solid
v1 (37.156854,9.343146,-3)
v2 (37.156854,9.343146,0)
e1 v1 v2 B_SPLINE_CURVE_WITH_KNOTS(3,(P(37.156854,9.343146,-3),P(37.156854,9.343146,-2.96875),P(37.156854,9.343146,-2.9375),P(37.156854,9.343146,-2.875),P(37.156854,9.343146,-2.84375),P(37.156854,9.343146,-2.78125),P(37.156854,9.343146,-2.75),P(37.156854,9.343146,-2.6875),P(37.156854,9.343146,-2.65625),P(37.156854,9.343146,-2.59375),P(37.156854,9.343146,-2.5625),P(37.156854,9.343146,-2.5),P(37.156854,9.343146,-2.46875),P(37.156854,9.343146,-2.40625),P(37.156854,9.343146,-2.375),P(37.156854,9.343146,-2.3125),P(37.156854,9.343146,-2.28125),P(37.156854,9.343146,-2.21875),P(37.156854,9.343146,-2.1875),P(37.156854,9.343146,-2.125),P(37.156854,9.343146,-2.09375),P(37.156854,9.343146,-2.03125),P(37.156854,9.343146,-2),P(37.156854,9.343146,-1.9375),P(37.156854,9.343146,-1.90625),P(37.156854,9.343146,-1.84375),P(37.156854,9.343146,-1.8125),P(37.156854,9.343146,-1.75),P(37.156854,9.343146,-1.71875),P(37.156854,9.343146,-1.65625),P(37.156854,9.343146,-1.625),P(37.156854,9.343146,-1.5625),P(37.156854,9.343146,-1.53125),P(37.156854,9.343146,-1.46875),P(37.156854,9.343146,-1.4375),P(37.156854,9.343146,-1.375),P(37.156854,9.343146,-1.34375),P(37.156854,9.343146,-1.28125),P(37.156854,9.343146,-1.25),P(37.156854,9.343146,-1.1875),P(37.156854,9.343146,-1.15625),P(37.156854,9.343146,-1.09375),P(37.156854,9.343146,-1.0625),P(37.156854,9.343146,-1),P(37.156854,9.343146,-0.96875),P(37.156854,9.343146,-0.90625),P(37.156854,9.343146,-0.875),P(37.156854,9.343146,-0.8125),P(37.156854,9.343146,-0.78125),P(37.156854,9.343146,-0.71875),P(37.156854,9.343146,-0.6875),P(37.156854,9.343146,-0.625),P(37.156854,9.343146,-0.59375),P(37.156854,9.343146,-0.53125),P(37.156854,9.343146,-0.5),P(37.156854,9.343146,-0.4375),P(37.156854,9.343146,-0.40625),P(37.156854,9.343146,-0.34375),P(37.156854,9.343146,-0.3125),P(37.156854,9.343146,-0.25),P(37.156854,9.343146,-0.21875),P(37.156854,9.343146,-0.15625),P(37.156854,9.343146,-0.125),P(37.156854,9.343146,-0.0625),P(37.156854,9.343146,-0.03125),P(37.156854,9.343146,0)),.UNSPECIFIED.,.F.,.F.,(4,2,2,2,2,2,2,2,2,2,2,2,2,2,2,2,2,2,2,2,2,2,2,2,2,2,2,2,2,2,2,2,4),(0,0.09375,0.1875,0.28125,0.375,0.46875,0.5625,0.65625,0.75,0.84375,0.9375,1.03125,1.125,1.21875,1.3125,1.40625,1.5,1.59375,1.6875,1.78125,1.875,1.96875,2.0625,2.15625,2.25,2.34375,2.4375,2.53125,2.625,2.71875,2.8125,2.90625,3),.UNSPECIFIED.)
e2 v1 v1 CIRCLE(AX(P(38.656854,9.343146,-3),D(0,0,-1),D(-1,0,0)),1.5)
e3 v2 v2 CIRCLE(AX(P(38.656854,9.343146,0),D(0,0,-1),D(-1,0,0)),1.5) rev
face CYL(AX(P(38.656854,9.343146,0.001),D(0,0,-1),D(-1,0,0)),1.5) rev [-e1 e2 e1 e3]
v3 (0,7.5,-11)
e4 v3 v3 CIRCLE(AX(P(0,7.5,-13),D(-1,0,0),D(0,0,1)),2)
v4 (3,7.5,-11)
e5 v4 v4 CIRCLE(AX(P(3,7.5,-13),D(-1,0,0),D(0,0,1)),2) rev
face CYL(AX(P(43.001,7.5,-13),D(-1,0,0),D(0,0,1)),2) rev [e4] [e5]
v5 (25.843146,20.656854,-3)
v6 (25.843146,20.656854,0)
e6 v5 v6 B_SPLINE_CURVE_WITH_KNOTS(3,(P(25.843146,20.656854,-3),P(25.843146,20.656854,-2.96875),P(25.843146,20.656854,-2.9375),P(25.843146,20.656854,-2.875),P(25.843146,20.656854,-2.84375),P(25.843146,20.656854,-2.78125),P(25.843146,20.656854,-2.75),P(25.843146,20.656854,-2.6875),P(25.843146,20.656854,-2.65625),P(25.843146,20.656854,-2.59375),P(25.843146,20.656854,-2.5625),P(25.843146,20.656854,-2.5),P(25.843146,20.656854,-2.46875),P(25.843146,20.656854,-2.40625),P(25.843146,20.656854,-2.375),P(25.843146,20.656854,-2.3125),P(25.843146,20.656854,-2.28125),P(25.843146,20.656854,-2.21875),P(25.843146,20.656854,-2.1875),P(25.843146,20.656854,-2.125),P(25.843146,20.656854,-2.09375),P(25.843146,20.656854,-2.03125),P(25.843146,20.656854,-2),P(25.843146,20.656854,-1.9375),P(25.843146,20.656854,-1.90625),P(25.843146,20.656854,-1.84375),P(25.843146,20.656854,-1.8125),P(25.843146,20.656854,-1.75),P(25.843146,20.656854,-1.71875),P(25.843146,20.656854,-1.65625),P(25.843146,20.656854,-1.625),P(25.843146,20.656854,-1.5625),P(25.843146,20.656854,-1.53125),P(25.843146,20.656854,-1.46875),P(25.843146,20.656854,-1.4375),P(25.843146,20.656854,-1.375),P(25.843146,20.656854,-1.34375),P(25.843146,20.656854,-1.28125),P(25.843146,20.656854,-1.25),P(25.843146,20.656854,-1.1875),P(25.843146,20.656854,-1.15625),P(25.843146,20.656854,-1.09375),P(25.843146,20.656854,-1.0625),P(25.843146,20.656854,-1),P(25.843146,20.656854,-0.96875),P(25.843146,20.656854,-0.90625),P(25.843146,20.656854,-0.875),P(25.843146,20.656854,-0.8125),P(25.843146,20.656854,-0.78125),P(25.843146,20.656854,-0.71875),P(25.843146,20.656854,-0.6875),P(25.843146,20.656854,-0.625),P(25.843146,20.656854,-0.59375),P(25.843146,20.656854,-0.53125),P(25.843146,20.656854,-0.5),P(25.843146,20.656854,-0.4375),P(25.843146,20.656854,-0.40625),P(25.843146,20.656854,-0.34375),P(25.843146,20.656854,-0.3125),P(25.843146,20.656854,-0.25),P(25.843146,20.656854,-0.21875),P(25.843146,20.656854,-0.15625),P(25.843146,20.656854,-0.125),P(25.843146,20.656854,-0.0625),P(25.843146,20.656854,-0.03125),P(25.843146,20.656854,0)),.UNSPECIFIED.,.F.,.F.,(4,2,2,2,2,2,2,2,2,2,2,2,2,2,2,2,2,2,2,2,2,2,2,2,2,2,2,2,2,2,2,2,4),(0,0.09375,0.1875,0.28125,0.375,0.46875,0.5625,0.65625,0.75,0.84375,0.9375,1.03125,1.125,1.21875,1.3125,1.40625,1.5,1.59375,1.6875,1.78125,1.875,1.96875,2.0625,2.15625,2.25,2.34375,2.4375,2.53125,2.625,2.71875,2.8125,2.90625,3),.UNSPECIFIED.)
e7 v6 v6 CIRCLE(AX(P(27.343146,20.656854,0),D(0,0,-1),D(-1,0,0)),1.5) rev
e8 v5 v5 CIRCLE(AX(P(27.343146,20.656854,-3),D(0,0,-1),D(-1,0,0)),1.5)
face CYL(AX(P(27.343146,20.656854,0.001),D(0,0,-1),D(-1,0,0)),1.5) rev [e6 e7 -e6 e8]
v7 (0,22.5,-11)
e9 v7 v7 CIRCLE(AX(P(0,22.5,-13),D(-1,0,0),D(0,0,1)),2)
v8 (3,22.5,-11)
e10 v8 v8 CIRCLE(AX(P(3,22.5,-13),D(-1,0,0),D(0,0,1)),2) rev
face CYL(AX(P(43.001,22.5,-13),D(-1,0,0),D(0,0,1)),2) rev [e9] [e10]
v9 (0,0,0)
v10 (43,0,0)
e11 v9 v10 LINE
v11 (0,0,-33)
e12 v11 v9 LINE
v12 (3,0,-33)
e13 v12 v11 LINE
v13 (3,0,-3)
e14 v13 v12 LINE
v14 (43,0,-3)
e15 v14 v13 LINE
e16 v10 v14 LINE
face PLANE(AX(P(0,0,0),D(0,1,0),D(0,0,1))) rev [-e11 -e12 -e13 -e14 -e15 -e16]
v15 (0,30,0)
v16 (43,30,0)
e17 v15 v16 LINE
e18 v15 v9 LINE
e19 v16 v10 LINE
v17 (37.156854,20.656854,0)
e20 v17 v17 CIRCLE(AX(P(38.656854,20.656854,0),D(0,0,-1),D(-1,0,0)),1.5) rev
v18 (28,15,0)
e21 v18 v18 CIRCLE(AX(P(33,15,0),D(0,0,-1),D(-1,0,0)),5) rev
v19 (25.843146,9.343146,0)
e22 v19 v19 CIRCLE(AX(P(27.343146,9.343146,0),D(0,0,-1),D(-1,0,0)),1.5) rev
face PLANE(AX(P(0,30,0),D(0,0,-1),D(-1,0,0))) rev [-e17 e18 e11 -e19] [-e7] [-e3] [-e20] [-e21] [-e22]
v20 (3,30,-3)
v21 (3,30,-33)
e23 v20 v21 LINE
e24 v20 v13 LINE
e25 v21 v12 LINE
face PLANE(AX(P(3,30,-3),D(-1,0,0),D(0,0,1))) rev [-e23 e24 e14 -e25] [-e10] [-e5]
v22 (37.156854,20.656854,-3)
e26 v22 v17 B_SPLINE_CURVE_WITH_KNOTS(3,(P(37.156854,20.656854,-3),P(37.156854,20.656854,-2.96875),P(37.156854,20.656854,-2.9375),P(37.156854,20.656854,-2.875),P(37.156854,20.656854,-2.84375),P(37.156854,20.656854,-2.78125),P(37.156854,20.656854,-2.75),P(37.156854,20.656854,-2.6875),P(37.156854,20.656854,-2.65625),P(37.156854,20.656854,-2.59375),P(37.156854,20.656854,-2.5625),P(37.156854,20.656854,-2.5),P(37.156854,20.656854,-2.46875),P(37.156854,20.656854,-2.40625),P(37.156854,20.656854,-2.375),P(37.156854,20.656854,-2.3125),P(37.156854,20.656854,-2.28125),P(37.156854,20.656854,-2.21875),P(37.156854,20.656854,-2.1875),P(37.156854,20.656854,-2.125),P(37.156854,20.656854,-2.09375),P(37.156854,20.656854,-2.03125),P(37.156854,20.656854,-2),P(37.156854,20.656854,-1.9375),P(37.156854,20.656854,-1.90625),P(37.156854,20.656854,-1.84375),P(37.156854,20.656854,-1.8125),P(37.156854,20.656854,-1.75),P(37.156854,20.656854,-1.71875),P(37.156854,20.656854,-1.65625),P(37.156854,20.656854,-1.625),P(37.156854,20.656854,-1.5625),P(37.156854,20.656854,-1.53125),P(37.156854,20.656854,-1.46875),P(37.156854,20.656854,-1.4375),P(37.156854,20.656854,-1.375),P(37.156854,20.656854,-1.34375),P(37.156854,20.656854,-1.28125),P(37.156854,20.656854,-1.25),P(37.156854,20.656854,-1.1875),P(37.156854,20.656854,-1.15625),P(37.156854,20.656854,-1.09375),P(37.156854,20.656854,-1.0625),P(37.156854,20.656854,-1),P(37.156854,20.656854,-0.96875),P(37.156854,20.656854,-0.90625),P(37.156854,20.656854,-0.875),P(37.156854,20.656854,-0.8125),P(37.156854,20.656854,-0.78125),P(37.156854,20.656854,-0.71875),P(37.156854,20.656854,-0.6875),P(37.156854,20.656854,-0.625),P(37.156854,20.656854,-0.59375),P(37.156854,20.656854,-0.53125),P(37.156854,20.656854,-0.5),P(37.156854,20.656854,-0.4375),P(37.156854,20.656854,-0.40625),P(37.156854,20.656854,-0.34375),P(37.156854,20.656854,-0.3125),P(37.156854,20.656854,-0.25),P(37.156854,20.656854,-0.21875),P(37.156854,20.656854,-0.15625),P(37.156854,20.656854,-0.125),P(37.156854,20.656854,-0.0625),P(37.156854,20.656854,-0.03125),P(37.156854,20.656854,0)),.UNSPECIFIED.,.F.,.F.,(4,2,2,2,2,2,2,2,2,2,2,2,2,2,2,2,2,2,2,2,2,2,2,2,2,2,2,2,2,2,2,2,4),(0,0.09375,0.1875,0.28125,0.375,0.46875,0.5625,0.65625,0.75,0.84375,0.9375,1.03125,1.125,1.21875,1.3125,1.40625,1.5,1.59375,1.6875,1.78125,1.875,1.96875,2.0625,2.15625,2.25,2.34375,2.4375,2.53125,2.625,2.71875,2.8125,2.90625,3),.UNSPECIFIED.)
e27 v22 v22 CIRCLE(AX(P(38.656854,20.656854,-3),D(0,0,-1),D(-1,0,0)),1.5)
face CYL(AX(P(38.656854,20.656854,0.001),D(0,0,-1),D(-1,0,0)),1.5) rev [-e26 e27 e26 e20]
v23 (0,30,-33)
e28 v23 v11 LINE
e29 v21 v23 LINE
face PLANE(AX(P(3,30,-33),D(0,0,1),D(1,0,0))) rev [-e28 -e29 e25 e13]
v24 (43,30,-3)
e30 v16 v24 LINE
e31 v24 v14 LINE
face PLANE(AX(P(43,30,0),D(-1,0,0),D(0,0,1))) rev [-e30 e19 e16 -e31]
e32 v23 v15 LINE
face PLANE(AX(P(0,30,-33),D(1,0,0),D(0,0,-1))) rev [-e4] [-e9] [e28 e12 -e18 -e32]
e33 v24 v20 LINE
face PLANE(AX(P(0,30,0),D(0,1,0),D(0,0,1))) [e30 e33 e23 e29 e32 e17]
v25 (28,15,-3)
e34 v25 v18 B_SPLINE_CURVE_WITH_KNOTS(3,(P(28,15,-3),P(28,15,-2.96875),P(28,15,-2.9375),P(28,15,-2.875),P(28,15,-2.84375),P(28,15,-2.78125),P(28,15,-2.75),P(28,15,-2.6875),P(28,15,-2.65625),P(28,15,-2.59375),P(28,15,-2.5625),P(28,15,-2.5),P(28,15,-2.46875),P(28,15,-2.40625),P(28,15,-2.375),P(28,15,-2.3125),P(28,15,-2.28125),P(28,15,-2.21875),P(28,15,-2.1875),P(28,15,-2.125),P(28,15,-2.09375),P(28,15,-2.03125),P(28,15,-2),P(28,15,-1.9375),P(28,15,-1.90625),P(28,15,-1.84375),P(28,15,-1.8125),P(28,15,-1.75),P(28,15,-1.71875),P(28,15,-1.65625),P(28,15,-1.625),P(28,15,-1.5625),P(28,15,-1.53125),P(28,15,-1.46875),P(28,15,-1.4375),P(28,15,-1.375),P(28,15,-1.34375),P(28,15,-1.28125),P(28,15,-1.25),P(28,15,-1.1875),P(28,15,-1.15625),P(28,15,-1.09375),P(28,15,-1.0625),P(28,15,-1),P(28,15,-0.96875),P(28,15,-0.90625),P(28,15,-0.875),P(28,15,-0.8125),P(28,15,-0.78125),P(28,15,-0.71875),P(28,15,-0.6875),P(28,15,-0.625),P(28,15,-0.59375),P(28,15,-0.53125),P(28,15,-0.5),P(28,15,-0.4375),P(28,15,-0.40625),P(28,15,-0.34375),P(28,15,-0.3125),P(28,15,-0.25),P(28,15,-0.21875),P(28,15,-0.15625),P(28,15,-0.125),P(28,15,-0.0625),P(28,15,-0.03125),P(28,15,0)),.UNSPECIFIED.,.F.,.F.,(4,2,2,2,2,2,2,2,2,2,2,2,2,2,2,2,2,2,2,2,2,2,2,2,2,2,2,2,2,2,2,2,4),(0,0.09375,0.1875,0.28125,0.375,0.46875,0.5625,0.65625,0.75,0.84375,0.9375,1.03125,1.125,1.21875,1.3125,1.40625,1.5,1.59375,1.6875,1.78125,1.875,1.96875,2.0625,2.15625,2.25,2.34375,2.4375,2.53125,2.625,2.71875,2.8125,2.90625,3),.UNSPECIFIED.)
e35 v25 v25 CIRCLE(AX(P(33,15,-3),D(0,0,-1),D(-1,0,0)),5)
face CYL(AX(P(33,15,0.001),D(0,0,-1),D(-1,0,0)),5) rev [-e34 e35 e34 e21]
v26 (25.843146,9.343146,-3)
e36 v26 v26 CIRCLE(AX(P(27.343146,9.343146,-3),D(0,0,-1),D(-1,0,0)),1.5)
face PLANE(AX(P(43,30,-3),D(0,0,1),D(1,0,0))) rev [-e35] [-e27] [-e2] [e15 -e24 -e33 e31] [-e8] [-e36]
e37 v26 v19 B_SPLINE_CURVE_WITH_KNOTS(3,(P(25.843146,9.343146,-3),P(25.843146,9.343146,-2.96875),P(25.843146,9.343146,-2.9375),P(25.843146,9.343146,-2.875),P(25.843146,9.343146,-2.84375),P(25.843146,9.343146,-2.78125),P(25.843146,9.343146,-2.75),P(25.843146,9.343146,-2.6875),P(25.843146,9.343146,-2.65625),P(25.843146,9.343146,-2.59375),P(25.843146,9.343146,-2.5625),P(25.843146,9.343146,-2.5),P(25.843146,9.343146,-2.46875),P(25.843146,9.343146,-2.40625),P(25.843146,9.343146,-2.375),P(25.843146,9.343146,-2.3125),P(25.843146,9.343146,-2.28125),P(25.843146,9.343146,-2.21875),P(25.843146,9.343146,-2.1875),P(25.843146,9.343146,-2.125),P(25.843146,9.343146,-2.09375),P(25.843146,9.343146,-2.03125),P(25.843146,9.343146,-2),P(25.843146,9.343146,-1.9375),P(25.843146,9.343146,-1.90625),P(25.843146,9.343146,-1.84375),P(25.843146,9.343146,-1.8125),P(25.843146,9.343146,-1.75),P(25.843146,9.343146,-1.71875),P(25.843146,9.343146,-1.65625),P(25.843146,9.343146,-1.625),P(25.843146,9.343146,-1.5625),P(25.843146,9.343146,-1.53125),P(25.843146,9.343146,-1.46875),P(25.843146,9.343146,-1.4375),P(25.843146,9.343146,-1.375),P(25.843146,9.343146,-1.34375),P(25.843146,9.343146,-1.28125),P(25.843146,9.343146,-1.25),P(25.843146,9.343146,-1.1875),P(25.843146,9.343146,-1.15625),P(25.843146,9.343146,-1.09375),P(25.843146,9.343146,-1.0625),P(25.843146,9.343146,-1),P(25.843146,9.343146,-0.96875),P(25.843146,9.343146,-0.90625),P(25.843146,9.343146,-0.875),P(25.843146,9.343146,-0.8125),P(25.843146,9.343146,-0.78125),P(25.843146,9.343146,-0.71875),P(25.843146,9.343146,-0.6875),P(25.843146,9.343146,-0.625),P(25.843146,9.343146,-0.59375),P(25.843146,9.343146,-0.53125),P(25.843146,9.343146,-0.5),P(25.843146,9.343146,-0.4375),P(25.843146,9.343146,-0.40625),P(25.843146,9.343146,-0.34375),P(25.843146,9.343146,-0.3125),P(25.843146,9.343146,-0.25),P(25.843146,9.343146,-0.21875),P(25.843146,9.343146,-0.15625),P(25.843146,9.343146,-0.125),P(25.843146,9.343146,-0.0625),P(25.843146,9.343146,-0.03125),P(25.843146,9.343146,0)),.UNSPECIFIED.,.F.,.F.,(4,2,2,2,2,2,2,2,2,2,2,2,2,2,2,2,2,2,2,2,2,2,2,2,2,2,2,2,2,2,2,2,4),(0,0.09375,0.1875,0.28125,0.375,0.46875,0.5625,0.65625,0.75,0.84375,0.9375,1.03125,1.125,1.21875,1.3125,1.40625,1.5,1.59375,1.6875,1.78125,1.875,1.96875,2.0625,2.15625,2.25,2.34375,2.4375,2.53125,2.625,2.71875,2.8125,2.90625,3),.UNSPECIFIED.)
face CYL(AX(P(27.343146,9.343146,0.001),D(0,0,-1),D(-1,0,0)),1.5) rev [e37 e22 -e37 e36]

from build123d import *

# Parameters (mm, degrees)
EXTRUDE_1_DEPTH     = 30
CUT_EXTRUDE_1_REACH = 63.952
SKETCH_4_R          = 2
CUT_EXTRUDE_2_REACH = 62.407
SKETCH_5_R          = 5
SKETCH_5_R_2        = 1.5


with BuildPart() as part:
    # 草图2 → 凸台-拉伸1 (new body)
    with BuildSketch(Plane(origin=(0, 0, 0), x_dir=(1, 0, 0), z_dir=(0, 1, 0))):
        Polygon((0, 0), (43, 0), (43, 3), (3, 3), (3, 33), (0, 33), align=None)
    extrude(amount=EXTRUDE_1_DEPTH)

    # 草图4 → 切除-拉伸1 (cut, up to next)
    with BuildSketch(Plane.ZY, mode=Mode.PRIVATE) as cut_extrude_1_sk1:
        with Locations((-13, 7.5)):
            Circle(SKETCH_4_R)
    cut_extrude_1_tool1 = extrude(cut_extrude_1_sk1.sketch, amount=-CUT_EXTRUDE_1_REACH, mode=Mode.PRIVATE) & part.part
    # 草图4 → 切除-拉伸1 (cut, up to next)
    with BuildSketch(Plane.ZY, mode=Mode.PRIVATE) as cut_extrude_1_sk2:
        with Locations((-13, 22.5)):
            Circle(SKETCH_4_R)
    cut_extrude_1_tool2 = extrude(cut_extrude_1_sk2.sketch, amount=-CUT_EXTRUDE_1_REACH, mode=Mode.PRIVATE) & part.part
    add(cut_extrude_1_tool1.solids().sort_by_distance((0, 7.5, -13))[0], mode=Mode.SUBTRACT)
    add(cut_extrude_1_tool2.solids().sort_by_distance((0, 22.5, -13))[0], mode=Mode.SUBTRACT)

    # 草图5 → 切除-拉伸2 (cut, up to next)
    with BuildSketch(Plane(origin=(0, 0, -3), x_dir=(-1, 0, 0), z_dir=(0, 0, -1)), mode=Mode.PRIVATE) as cut_extrude_2_sk1:
        with Locations((-33, 15)):
            Circle(SKETCH_5_R)
    cut_extrude_2_tool1 = extrude(cut_extrude_2_sk1.sketch, amount=-CUT_EXTRUDE_2_REACH, mode=Mode.PRIVATE) & part.part
    # 草图5 → 切除-拉伸2 (cut, up to next)
    with BuildSketch(Plane(origin=(0, 0, -3), x_dir=(-1, 0, 0), z_dir=(0, 0, -1)), mode=Mode.PRIVATE) as cut_extrude_2_sk2:
        with Locations((-38.656854249, 9.343145751)):
            Circle(SKETCH_5_R_2)
    cut_extrude_2_tool2 = extrude(cut_extrude_2_sk2.sketch, amount=-CUT_EXTRUDE_2_REACH, mode=Mode.PRIVATE) & part.part
    # 草图5 → 切除-拉伸2 (cut, up to next)
    with BuildSketch(Plane(origin=(0, 0, -3), x_dir=(-1, 0, 0), z_dir=(0, 0, -1)), mode=Mode.PRIVATE) as cut_extrude_2_sk3:
        with Locations((-27.343145751, 9.343145751)):
            Circle(SKETCH_5_R_2)
    cut_extrude_2_tool3 = extrude(cut_extrude_2_sk3.sketch, amount=-CUT_EXTRUDE_2_REACH, mode=Mode.PRIVATE) & part.part
    # 草图5 → 切除-拉伸2 (cut, up to next)
    with BuildSketch(Plane(origin=(0, 0, -3), x_dir=(-1, 0, 0), z_dir=(0, 0, -1)), mode=Mode.PRIVATE) as cut_extrude_2_sk4:
        with Locations((-38.656854249, 20.656854249)):
            Circle(SKETCH_5_R_2)
    cut_extrude_2_tool4 = extrude(cut_extrude_2_sk4.sketch, amount=-CUT_EXTRUDE_2_REACH, mode=Mode.PRIVATE) & part.part
    # 草图5 → 切除-拉伸2 (cut, up to next)
    with BuildSketch(Plane(origin=(0, 0, -3), x_dir=(-1, 0, 0), z_dir=(0, 0, -1)), mode=Mode.PRIVATE) as cut_extrude_2_sk5:
        with Locations((-27.343145751, 20.656854249)):
            Circle(SKETCH_5_R_2)
    cut_extrude_2_tool5 = extrude(cut_extrude_2_sk5.sketch, amount=-CUT_EXTRUDE_2_REACH, mode=Mode.PRIVATE) & part.part
    add(cut_extrude_2_tool1.solids().sort_by_distance((33, 15, -3))[0], mode=Mode.SUBTRACT)
    add(cut_extrude_2_tool2.solids().sort_by_distance((38.656854, 9.343146, -3))[0], mode=Mode.SUBTRACT)
    add(cut_extrude_2_tool3.solids().sort_by_distance((27.343146, 9.343146, -3))[0], mode=Mode.SUBTRACT)
    add(cut_extrude_2_tool4.solids().sort_by_distance((38.656854, 20.656854, -3))[0], mode=Mode.SUBTRACT)
    add(cut_extrude_2_tool5.solids().sort_by_distance((27.343146, 20.656854, -3))[0], mode=Mode.SUBTRACT)


solid = part.part
